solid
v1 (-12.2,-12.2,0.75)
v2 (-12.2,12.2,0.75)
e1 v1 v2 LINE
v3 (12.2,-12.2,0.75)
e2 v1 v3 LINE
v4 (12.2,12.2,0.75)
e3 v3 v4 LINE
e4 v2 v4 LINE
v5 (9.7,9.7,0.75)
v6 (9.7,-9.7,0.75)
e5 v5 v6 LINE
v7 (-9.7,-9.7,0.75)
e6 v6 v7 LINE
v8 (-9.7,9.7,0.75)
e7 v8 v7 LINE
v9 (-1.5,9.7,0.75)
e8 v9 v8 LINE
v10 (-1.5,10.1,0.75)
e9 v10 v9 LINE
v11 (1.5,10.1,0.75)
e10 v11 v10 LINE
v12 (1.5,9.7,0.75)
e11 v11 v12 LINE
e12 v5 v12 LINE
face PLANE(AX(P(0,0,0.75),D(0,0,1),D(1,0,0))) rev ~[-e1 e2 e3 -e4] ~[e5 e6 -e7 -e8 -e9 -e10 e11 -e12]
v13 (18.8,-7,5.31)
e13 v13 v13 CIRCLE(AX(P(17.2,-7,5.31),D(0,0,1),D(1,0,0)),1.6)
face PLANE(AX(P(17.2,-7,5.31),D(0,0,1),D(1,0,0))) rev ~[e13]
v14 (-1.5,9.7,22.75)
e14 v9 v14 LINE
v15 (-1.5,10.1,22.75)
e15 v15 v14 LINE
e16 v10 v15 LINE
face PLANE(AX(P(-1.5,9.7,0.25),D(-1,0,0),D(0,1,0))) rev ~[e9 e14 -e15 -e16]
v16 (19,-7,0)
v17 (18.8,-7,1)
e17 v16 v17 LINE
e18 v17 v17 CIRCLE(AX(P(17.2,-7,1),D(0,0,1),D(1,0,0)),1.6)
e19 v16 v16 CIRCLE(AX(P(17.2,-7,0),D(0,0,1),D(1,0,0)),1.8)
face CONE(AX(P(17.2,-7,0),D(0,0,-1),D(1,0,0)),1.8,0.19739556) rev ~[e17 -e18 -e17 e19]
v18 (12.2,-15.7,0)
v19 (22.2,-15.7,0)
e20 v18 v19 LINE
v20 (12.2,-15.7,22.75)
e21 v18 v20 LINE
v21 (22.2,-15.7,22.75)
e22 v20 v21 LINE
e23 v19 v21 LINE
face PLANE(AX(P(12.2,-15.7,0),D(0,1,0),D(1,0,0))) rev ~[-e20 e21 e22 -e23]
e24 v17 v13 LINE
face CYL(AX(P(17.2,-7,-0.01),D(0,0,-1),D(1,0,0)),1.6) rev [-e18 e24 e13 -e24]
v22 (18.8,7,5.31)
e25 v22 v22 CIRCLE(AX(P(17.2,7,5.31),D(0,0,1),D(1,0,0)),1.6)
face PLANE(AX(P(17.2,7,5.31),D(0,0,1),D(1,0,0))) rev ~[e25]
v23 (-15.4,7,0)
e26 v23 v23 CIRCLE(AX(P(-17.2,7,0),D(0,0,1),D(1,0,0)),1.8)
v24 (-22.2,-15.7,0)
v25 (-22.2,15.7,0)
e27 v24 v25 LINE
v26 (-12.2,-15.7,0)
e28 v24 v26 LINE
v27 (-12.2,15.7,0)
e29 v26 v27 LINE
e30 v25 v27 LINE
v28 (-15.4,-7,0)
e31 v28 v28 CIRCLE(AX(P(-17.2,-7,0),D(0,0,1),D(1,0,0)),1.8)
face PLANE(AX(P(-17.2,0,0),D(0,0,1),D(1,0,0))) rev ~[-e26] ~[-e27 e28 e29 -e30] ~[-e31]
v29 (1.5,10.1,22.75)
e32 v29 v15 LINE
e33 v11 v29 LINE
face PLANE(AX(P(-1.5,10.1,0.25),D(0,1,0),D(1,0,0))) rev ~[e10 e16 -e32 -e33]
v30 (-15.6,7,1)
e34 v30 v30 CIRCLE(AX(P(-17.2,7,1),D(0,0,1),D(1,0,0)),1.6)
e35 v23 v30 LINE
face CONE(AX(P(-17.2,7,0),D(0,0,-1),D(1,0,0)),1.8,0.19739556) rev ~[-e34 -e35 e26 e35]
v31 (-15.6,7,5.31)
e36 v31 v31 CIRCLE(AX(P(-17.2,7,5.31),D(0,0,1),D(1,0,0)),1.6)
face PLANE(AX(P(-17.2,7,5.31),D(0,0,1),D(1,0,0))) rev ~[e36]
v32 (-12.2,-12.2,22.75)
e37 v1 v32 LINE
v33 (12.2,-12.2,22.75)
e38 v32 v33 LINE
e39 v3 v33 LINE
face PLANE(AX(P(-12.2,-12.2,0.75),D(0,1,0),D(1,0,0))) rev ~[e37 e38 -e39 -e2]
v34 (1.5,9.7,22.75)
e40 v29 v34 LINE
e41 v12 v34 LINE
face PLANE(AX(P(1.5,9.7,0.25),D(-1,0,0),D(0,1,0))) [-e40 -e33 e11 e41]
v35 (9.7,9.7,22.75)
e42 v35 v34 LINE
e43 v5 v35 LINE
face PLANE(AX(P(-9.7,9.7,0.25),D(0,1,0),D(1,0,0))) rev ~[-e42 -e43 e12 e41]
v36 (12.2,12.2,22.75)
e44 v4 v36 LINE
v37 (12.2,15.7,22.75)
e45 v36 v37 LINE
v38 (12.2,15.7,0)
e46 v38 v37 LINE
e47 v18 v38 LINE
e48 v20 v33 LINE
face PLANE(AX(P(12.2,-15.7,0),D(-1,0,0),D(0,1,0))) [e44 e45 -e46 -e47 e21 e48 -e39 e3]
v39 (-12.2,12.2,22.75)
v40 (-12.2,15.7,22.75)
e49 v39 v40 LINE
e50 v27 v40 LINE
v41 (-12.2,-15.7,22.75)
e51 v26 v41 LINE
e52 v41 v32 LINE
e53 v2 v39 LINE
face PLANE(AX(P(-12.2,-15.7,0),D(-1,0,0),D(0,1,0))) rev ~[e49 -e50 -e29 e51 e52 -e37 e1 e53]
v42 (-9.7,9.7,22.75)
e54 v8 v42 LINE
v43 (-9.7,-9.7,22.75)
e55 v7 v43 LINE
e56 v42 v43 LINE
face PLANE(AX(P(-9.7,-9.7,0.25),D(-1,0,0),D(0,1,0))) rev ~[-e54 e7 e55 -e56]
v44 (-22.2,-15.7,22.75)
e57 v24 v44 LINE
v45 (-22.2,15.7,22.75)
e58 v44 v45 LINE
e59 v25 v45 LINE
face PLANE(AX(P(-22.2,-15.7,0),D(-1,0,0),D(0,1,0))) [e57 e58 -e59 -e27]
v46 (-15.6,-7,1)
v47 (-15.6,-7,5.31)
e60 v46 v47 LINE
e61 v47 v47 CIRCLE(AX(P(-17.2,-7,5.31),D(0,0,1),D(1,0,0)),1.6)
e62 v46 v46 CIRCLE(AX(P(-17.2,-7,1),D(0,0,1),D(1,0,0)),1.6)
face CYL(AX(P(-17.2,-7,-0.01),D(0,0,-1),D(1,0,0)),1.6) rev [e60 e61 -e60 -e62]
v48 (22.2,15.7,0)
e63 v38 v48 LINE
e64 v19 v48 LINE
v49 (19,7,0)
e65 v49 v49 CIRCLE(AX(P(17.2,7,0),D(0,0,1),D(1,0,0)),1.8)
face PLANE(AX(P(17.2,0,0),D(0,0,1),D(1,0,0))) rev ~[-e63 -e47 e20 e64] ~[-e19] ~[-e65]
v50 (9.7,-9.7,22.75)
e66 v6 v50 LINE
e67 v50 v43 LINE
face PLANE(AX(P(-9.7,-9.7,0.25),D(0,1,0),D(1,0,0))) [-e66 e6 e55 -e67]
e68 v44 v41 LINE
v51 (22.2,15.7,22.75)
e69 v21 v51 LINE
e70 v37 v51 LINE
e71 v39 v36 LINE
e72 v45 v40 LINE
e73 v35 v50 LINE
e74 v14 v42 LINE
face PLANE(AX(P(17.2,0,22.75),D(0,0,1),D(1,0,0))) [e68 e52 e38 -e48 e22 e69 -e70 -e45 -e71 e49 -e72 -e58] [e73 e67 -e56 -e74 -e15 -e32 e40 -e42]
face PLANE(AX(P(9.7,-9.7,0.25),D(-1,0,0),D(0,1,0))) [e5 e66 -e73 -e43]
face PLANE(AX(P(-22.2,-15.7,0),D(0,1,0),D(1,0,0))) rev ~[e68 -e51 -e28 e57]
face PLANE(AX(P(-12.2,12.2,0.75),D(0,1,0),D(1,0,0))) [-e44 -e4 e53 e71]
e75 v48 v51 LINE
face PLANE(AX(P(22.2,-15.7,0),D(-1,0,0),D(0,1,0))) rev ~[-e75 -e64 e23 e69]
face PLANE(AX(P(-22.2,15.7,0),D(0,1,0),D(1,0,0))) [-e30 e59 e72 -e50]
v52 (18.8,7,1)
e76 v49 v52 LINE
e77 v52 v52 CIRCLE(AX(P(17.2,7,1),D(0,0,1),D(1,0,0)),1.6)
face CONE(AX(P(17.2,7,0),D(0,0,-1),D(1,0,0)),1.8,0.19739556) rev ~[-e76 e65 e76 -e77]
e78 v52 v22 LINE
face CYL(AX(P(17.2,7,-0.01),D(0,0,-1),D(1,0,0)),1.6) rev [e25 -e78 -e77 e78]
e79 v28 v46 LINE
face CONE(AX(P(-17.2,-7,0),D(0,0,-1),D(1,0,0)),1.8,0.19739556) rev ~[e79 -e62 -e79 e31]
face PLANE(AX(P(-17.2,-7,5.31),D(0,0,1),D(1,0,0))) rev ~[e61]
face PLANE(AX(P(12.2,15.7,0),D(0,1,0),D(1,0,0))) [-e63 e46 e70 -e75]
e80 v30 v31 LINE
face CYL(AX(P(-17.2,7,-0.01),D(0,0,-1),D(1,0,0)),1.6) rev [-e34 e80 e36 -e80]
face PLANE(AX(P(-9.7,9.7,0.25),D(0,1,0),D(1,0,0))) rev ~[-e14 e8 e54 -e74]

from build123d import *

# Parameters (mm, degrees)
CYLINDER010_R     = 1.6
CYLINDER010_DEPTH = 5.32
CYLINDER008_R     = 1.6
CYLINDER008_DEPTH = 5.32
CYLINDER007_R     = 3.6
CYLINDER007_DEPTH = 6
CYLINDER006_R     = 3.6
CYLINDER006_DEPTH = 6
CUBE004_W         = 10
CUBE004_H         = 31.4
CUBE004_DEPTH     = 22.75
CYLINDER004_R     = 1.6
CYLINDER004_DEPTH = 5.32
CYLINDER002_R     = 1.6
CYLINDER002_DEPTH = 5.32
CYLINDER001_R     = 3.6
CYLINDER001_DEPTH = 6
CYLINDER_R        = 3.6
CYLINDER_DEPTH    = 6
CUBE003_W         = 10
CUBE003_H         = 31.4
CUBE003_DEPTH     = 22.75
CUBE002_W         = 3
CUBE002_H         = 0.4
CUBE002_DEPTH     = 23
CUBE001_W         = 19.4
CUBE001_H         = 19.4
CUBE001_DEPTH     = 23
CUBE_W            = 24.4
CUBE_H            = 24.4
CUBE_DEPTH        = 22


with BuildPart() as cylinder011:
    # cylinder011 → cylinder011 (revolve)
    with BuildSketch(Plane.XZ):
        Polygon((0, 0), (1.8, 0), (1.6, 1), (0, 1), align=None)
    revolve(axis=Axis((0, 0, 0), (0, 0, 1)))


with BuildPart() as union006:
    # cylinder010 → cylinder010 (new body)
    with BuildSketch(Plane.XY.offset(-0.01)):
        Circle(CYLINDER010_R)
    extrude(amount=CYLINDER010_DEPTH)

    # union006: union cylinder011
    add(cylinder011.part)


with BuildPart() as union006_1:
    # union006 placement: moved
    add(union006.part.moved(Location((17.2, 7, 0))))


with BuildPart() as cylinder009:
    # cylinder009 → cylinder009 (revolve)
    with BuildSketch(Plane.XZ):
        Polygon((0, 0), (1.8, 0), (1.6, 1), (0, 1), align=None)
    revolve(axis=Axis((0, 0, 0), (0, 0, 1)))


with BuildPart() as group003:
    # cylinder008 → cylinder008 (new body)
    with BuildSketch(Plane.XY.offset(-0.01)):
        Circle(CYLINDER008_R)
    extrude(amount=CYLINDER008_DEPTH)

    # union005: union cylinder009
    add(cylinder009.part)


with BuildPart() as group003_1:
    # union005 placement: moved
    add(group003.part.moved(Location((17.2, -7, 0))))

    # Group003: union union006
    add(union006_1.part)


with BuildPart() as cylinder007:
    # cylinder007 → cylinder007 (new body)
    with BuildSketch(Plane(origin=(17.2, 7, 0), x_dir=(1, 0, 0), z_dir=(0, 0, 1))):
        Circle(CYLINDER007_R)
    extrude(amount=CYLINDER007_DEPTH)


with BuildPart() as group002:
    # cylinder006 → cylinder006 (new body)
    with BuildSketch(Plane(origin=(17.2, -7, 0), x_dir=(1, 0, 0), z_dir=(0, 0, 1))):
        Circle(CYLINDER006_R)
    extrude(amount=CYLINDER006_DEPTH)

    # Group002: union cylinder007
    add(cylinder007.part)


with BuildPart() as difference002:
    # cube004 → cube004 (new body)
    with BuildSketch(Plane(origin=(12.2, -15.7, 0), x_dir=(1, 0, 0), z_dir=(0, 0, 1))):
        with Locations((5, 15.7)):
            Rectangle(CUBE004_W, CUBE004_H)
    extrude(amount=CUBE004_DEPTH)

    # union004: union Group002
    add(group002.part)

    # difference002: cut Group003
    add(group003_1.part, mode=Mode.SUBTRACT)


with BuildPart() as cylinder005:
    # cylinder005 → cylinder005 (revolve)
    with BuildSketch(Plane.XZ):
        Polygon((0, 0), (1.8, 0), (1.6, 1), (0, 1), align=None)
    revolve(axis=Axis((0, 0, 0), (0, 0, 1)))


with BuildPart() as union003:
    # cylinder004 → cylinder004 (new body)
    with BuildSketch(Plane.XY.offset(-0.01)):
        Circle(CYLINDER004_R)
    extrude(amount=CYLINDER004_DEPTH)

    # union003: union cylinder005
    add(cylinder005.part)


with BuildPart() as union003_1:
    # union003 placement: moved
    add(union003.part.moved(Location((-17.2, 7, 0))))


with BuildPart() as cylinder003:
    # cylinder003 → cylinder003 (revolve)
    with BuildSketch(Plane.XZ):
        Polygon((0, 0), (1.8, 0), (1.6, 1), (0, 1), align=None)
    revolve(axis=Axis((0, 0, 0), (0, 0, 1)))


with BuildPart() as group001:
    # cylinder002 → cylinder002 (new body)
    with BuildSketch(Plane.XY.offset(-0.01)):
        Circle(CYLINDER002_R)
    extrude(amount=CYLINDER002_DEPTH)

    # union002: union cylinder003
    add(cylinder003.part)


with BuildPart() as group001_1:
    # union002 placement: moved
    add(group001.part.moved(Location((-17.2, -7, 0))))

    # Group001: union union003
    add(union003_1.part)


with BuildPart() as cylinder001:
    # cylinder001 → cylinder001 (new body)
    with BuildSketch(Plane(origin=(-17.2, 7, 0), x_dir=(1, 0, 0), z_dir=(0, 0, 1))):
        Circle(CYLINDER001_R)
    extrude(amount=CYLINDER001_DEPTH)


with BuildPart() as group:
    # cylinder → cylinder (new body)
    with BuildSketch(Plane(origin=(-17.2, -7, 0), x_dir=(1, 0, 0), z_dir=(0, 0, 1))):
        Circle(CYLINDER_R)
    extrude(amount=CYLINDER_DEPTH)

    # Group: union cylinder001
    add(cylinder001.part)


with BuildPart() as group004:
    # cube003 → cube003 (new body)
    with BuildSketch(Plane(origin=(-22.2, -15.7, 0), x_dir=(1, 0, 0), z_dir=(0, 0, 1))):
        with Locations((5, 15.7)):
            Rectangle(CUBE003_W, CUBE003_H)
    extrude(amount=CUBE003_DEPTH)

    # union001: union Group
    add(group.part)

    # difference001: cut Group001
    add(group001_1.part, mode=Mode.SUBTRACT)

    # Group004: union difference002
    add(difference002.part)


with BuildPart() as cube002:
    # cube002 → cube002 (new body)
    with BuildSketch(Plane(origin=(-1.5, 9.7, -11.5), x_dir=(1, 0, 0), z_dir=(0, 0, 1))):
        with Locations((1.5, 0.2)):
            Rectangle(CUBE002_W, CUBE002_H)
    extrude(amount=CUBE002_DEPTH)


with BuildPart() as union:
    # cube001 → cube001 (new body)
    with BuildSketch(Plane(origin=(-9.7, -9.7, -11.5), x_dir=(1, 0, 0), z_dir=(0, 0, 1))):
        with Locations((9.7, 9.7)):
            Rectangle(CUBE001_W, CUBE001_H)
    extrude(amount=CUBE001_DEPTH)

    # union: union cube002
    add(cube002.part)


with BuildPart() as union007:
    # cube → cube (new body)
    with BuildSketch(Plane(origin=(-12.2, -12.2, -11), x_dir=(1, 0, 0), z_dir=(0, 0, 1))):
        with Locations((12.2, 12.2)):
            Rectangle(CUBE_W, CUBE_H)
    extrude(amount=CUBE_DEPTH)

    # difference: cut union
    add(union.part, mode=Mode.SUBTRACT)


with BuildPart() as union007_1:
    # difference placement: moved
    add(union007.part.moved(Location((0, 0, 11.75))))

    # union007: union Group004
    add(group004.part)


solid = union007_1.part
